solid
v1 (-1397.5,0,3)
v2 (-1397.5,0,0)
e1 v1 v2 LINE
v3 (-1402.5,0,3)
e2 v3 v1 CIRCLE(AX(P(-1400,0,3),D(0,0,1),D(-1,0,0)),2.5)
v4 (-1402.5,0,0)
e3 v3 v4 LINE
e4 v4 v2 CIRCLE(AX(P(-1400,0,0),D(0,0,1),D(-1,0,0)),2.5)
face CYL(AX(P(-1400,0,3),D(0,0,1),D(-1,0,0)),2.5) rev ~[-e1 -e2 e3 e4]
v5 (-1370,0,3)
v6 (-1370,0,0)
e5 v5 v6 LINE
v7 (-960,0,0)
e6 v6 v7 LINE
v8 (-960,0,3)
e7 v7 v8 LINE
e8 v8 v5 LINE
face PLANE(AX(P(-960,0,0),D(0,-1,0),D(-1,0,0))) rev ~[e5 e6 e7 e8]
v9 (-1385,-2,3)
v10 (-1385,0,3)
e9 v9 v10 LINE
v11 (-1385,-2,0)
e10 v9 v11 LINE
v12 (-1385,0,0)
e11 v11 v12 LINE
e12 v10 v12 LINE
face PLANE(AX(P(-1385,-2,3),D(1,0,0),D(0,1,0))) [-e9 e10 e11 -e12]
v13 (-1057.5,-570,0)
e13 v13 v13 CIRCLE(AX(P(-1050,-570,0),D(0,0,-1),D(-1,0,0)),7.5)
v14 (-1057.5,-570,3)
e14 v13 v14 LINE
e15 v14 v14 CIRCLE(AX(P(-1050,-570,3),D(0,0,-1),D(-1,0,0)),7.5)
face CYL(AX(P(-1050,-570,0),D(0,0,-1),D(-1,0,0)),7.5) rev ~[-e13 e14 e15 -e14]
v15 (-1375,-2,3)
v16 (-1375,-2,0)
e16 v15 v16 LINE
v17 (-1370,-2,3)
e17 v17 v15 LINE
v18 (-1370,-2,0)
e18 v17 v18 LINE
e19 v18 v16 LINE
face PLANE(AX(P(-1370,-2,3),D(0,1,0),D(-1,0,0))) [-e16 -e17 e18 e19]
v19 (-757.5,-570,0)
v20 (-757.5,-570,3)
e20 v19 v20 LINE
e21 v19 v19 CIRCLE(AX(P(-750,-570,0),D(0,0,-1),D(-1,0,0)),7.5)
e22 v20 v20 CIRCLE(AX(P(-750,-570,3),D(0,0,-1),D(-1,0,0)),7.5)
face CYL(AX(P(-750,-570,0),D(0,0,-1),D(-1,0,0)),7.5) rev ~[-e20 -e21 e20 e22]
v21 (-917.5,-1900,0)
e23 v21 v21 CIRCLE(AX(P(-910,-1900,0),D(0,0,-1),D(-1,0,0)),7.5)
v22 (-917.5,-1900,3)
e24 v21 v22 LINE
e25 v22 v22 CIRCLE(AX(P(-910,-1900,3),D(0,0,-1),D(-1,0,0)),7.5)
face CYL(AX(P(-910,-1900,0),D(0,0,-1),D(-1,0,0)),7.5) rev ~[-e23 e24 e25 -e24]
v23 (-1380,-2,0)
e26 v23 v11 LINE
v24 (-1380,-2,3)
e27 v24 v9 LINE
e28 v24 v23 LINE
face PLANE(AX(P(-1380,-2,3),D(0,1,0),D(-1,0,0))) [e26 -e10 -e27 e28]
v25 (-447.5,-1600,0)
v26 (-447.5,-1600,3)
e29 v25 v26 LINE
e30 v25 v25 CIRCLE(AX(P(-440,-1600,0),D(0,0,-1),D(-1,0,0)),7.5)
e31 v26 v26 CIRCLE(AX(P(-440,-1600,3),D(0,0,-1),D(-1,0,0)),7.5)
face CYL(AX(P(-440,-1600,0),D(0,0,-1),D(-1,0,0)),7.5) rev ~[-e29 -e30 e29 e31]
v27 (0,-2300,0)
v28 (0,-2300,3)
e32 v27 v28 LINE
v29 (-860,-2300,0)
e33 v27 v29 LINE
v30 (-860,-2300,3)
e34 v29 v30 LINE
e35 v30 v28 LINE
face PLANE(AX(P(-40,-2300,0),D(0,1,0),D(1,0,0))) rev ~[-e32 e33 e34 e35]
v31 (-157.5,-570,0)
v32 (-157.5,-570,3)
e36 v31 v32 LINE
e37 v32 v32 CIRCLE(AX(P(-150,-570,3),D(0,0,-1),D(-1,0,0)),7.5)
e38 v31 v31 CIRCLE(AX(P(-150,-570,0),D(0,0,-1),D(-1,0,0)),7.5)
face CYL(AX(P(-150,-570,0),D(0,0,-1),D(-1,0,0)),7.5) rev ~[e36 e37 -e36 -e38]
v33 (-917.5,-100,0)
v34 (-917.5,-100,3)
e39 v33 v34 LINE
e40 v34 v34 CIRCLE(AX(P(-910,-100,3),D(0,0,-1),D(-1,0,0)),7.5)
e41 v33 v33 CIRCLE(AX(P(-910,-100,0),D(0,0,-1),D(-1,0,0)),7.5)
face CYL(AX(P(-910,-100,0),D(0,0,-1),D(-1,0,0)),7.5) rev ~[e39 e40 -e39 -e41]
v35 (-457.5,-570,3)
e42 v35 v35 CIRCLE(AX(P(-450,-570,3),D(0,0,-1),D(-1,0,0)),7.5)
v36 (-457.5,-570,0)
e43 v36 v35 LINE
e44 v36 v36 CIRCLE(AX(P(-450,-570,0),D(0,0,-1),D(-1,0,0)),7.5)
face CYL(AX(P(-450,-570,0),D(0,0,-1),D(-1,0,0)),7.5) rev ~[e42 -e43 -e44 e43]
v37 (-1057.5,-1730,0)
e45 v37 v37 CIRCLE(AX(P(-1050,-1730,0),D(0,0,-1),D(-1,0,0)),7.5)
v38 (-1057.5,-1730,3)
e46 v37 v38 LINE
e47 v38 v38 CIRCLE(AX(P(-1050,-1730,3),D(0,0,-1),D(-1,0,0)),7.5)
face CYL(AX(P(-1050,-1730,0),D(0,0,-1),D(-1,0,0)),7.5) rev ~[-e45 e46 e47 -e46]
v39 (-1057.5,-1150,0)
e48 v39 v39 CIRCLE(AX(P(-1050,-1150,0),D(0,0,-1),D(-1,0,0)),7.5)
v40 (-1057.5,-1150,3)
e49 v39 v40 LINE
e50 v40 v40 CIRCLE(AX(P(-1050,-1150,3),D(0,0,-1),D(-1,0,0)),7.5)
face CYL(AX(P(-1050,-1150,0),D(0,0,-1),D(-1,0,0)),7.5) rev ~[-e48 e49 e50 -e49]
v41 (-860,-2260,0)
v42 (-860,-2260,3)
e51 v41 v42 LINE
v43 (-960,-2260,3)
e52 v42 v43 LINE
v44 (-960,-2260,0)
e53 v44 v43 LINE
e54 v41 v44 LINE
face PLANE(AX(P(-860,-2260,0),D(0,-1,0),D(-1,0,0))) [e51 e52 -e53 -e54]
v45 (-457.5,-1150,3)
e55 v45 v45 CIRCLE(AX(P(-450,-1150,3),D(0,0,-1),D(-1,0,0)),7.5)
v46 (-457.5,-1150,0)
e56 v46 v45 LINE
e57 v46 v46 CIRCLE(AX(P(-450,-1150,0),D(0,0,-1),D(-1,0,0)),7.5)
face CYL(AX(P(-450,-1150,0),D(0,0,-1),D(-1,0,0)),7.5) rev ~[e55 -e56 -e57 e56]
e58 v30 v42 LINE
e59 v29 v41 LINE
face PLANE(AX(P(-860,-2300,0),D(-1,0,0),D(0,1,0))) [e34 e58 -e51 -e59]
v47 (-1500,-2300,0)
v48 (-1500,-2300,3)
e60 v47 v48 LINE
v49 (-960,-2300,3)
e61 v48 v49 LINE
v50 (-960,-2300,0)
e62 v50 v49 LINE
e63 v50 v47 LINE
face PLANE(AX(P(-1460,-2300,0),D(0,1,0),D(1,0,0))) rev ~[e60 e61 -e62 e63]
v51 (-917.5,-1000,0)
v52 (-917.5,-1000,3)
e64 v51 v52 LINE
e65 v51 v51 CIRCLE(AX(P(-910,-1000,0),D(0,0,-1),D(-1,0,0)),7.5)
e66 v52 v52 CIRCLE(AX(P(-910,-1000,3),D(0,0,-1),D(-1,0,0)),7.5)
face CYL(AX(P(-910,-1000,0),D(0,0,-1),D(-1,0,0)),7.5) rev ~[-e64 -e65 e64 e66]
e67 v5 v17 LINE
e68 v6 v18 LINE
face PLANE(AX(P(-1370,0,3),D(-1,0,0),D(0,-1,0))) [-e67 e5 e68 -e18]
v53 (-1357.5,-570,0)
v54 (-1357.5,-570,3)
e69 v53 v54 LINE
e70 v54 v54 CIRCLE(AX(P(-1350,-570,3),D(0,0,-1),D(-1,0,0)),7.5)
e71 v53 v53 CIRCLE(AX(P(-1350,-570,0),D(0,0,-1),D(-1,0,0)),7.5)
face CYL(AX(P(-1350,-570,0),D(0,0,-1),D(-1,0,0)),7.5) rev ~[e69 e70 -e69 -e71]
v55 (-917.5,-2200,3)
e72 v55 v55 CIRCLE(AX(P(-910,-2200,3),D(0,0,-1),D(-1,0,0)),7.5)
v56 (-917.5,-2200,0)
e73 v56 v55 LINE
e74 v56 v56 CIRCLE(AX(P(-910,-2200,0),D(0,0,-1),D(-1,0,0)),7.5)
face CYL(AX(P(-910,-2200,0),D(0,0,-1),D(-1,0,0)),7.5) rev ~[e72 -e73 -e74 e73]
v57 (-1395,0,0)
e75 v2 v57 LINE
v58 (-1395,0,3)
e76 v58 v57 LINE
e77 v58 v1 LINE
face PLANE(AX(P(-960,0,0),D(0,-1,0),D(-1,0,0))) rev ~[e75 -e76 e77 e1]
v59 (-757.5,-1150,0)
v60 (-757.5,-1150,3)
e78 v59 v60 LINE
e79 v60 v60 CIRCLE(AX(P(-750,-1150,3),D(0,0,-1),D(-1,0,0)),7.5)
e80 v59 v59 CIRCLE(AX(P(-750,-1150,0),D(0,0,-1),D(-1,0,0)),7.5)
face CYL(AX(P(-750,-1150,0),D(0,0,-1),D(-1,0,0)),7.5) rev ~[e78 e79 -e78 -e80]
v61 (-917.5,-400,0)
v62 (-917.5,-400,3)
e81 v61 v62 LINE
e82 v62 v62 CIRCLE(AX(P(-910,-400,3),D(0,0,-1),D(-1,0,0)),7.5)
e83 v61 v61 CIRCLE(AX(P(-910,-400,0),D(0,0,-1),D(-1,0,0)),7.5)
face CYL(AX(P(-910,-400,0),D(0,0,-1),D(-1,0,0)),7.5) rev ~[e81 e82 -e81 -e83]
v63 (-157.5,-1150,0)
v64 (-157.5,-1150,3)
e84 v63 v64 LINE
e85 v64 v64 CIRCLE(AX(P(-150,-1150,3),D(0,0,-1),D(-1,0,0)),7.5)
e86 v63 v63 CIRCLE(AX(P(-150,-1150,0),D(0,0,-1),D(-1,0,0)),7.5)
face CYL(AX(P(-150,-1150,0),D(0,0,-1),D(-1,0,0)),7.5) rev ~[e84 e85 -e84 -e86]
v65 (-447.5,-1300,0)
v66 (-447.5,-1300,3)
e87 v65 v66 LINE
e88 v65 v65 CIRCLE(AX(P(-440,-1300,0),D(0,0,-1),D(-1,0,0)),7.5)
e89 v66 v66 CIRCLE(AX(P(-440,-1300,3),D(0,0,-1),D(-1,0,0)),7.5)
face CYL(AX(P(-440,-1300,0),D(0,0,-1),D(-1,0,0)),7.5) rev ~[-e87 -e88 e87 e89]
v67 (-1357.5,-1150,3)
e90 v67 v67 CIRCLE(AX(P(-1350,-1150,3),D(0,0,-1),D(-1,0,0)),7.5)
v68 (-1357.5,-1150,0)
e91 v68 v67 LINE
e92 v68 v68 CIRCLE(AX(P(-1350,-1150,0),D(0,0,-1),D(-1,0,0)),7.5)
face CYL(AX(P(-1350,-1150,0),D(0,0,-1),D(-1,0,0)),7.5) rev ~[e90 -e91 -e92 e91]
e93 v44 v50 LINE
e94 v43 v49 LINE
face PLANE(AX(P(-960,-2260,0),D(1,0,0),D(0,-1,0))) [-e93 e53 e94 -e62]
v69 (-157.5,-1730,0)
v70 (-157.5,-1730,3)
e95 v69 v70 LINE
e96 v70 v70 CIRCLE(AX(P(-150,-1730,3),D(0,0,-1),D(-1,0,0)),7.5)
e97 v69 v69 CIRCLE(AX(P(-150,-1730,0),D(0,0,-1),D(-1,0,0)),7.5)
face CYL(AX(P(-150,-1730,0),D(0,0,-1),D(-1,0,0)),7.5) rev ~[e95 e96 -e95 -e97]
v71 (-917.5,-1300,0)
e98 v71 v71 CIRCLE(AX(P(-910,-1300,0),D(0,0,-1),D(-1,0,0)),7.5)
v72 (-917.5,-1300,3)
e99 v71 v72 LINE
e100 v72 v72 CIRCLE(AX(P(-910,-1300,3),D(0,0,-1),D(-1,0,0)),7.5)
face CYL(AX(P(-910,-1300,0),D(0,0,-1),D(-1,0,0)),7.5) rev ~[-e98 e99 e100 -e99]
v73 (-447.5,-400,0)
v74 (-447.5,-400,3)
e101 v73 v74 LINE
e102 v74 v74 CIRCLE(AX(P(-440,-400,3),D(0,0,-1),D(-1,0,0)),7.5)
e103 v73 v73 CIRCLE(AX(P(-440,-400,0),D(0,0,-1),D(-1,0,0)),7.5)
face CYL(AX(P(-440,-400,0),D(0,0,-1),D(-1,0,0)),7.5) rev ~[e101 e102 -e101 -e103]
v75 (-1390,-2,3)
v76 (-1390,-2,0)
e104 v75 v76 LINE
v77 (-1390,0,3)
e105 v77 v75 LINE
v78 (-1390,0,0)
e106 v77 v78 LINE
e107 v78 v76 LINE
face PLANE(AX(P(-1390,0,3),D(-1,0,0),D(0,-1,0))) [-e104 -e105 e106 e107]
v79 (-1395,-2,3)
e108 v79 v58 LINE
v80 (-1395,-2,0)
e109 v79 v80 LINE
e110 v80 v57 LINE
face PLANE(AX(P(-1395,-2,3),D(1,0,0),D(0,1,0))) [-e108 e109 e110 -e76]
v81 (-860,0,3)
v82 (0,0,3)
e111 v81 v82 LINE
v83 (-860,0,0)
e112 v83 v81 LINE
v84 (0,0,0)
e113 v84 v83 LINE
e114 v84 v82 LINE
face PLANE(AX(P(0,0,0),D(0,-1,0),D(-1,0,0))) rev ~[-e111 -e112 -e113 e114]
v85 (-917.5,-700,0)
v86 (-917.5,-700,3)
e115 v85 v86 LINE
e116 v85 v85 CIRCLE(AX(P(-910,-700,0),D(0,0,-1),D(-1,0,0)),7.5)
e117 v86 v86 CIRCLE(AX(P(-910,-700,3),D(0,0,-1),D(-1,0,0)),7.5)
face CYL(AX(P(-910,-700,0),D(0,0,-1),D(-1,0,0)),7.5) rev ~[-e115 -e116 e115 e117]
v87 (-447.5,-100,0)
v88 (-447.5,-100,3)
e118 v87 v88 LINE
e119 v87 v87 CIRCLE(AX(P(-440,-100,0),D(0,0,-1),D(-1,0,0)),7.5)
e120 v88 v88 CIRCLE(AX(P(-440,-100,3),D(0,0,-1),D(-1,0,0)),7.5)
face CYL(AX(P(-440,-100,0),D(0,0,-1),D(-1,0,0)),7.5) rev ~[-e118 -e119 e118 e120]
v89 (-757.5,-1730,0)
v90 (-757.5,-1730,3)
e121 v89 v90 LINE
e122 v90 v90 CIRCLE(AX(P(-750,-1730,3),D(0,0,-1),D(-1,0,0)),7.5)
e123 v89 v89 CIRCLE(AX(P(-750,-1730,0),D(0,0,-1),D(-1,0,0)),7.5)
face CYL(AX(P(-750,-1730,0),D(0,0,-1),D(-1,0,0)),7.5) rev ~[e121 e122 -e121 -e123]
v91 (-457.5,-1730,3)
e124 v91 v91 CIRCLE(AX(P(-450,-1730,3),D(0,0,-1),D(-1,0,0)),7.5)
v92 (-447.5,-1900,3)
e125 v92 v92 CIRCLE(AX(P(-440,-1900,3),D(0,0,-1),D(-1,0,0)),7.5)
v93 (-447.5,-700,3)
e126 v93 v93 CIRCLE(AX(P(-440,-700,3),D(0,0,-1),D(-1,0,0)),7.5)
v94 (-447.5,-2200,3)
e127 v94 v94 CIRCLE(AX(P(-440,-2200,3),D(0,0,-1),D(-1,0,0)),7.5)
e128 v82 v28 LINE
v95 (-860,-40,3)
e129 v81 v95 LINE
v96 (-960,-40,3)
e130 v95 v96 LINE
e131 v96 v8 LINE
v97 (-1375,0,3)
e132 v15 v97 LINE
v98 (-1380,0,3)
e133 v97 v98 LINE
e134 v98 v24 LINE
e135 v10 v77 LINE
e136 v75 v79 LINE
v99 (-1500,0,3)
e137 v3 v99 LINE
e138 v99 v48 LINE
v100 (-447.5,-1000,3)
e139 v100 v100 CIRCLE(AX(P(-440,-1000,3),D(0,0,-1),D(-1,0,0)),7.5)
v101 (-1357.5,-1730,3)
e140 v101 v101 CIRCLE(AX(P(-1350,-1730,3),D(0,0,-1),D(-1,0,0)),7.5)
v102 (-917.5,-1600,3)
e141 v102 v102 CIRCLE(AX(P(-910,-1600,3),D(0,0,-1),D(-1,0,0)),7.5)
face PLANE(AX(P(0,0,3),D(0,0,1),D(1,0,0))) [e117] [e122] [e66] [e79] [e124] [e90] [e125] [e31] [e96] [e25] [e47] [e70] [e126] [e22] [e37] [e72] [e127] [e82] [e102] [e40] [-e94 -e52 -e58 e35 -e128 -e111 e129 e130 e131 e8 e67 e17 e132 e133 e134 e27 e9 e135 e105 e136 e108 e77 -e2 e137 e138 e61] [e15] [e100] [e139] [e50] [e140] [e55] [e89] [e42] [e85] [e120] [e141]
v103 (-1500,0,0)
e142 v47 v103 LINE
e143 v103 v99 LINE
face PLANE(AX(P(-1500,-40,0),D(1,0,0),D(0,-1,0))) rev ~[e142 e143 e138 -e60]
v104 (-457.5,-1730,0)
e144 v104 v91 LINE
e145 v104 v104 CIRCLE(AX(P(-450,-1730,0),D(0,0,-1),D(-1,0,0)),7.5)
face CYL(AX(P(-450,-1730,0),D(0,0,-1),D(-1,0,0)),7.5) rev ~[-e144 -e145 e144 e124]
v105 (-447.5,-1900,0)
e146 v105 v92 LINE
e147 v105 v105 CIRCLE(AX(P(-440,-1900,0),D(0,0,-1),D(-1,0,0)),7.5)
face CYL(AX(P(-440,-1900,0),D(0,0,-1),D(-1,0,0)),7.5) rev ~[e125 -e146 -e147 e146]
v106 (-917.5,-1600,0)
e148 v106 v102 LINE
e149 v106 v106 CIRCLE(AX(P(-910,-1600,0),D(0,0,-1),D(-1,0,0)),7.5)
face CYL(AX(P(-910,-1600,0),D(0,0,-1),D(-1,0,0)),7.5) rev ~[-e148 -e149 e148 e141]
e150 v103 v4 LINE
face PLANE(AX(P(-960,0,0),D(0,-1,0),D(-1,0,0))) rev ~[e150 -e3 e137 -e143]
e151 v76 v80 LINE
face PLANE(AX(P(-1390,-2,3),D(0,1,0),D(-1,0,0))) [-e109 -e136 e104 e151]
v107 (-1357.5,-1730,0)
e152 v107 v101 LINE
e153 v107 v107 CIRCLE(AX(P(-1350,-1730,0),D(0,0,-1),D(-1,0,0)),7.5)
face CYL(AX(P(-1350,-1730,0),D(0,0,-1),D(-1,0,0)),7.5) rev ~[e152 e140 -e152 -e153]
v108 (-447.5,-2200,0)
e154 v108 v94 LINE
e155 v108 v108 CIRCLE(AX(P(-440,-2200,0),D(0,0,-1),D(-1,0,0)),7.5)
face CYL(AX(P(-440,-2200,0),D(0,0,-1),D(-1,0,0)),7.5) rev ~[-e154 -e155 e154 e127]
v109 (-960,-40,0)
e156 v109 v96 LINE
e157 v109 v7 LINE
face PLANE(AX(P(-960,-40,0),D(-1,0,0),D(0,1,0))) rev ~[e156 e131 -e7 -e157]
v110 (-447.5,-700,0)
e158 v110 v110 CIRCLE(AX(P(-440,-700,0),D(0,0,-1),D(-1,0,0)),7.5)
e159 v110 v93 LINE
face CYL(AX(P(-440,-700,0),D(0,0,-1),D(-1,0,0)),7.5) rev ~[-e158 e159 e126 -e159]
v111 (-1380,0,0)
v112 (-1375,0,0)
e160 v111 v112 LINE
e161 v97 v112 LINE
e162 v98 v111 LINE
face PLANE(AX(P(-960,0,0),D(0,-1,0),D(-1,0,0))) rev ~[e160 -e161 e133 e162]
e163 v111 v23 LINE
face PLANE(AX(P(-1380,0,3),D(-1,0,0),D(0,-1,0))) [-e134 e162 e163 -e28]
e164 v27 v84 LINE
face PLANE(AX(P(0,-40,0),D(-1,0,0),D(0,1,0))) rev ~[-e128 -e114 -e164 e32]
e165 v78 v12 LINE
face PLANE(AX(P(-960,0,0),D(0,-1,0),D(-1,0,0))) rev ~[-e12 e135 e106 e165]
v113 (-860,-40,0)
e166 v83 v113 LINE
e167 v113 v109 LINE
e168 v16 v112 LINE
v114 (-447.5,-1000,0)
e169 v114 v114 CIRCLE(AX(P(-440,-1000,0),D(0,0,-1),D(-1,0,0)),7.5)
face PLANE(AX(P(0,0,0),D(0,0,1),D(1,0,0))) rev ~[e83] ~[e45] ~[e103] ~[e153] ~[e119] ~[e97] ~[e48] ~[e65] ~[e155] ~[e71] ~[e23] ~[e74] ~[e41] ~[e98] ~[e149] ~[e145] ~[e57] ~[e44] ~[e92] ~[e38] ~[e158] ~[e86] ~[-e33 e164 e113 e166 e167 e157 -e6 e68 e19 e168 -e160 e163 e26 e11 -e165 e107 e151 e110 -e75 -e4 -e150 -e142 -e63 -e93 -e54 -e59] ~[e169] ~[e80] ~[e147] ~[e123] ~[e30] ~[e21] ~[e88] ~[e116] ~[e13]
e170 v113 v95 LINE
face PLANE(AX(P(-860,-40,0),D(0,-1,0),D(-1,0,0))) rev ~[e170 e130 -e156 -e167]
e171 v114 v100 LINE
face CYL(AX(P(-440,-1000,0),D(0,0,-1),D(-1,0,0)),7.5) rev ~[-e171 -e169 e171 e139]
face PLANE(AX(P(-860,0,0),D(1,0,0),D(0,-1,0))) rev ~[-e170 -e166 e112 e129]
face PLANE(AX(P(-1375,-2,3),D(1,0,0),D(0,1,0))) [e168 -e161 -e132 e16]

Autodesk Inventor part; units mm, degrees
ref_plane "YZ Plane" through (0, 0, 0) normal (1, 0, 0) x (0, 1, 0)
ref_plane "XZ Plane" through (0, 0, 0) normal (0, 1, 0) x (-1, 0, 0)
ref_plane "XY Plane" through (0, 0, 0) normal (0, 0, 1) x (1, 0, 0)
sketch "Sketch1" plane through (0, 0, 0) normal (0, 0, 1) x (1, 0, 0)
  line L0 (0, 0) -> (-1500, 0)
  line L1 (-1500, 0) -> (-1500, -2300)
  line L2 (-1500, -2300) -> (0, -2300)
  line L3 (0, -2300) -> (0, 0)
  line L4 (0, 0) -> (-40, 0)
  line L5 (-40, 0) -> (-40, -40)
  line L6 (-40, -40) -> (0, -40)
  line L7 (0, -40) -> (0, 0)
  line L8 (0, -2300) -> (-40, -2300)
  line L9 (-40, -2300) -> (-40, -2260)
  line L10 (-40, -2260) -> (0, -2260)
  line L11 (0, -2260) -> (0, -2300)
  line L12 (-1500, 0) -> (-1460, 0)
  line L13 (-1460, 0) -> (-1460, -40)
  line L14 (-1460, -40) -> (-1500, -40)
  line L15 (-1500, -40) -> (-1500, 0)
  line L16 (-1500, -2300) -> (-1460, -2300)
  line L17 (-1460, -2300) -> (-1460, -2260)
  line L18 (-1460, -2260) -> (-1500, -2260)
  line L19 (-1500, -2260) -> (-1500, -2300)
  line L20 (-960, -2300) -> (-860, -2300)
  line L21 (-860, -2300) -> (-860, -2260)
  line L22 (-860, -2260) -> (-960, -2260)
  line L23 (-960, -2260) -> (-960, -2300)
  line L24 (-960, 0) -> (-860, 0)
  line L25 (-860, 0) -> (-860, -40)
  line L26 (-860, -40) -> (-960, -40)
  line L27 (-960, -40) -> (-960, 0)
  point P0 (0, -40)
  point P1 (-40, 0)
  point P2 (0, -2260)
  point P3 (-860, 0)
  dimension "d22" = 1500
  dimension "d23" = 2300
  dimension "d24" = 40
  dimension "d25" = 40
  dimension "d28" = 100
  dimension "d29" = 820
extrude "Plate1" add sketch "Sketch1" along normal blind 3 contours L3 L6 L5 L0 | L5 L6 L3 L10 L9 L2 L21 L22 L23 L17 L18 L1 L14 L13 L0 L27 L26 L25 | L3 L2 L9 L10 | L13 L14 L1 L0 | L18 L17 L2 L1
sketch "Sketch6" plane through (0, 0, 3) normal (0, 0, 1) x (1, 0, 0)
  line L0 (-1395, 0) -> (-1390, 0)
  line L1 (-1375, -2) -> (-1375, 0)
  line L2 (-1375, 0) -> (-1370, 0)
  line L3 (-1370, 0) -> (-1370, -2)
  line L4 (-1370, 0) -> (-1365, 0) construction
  line L5 (-1365, 0) -> (-1363.3887, -1.629)
  arc A0 (-1363.3887, -1.629) -> (-1361.6113, -1.629) centre (-1362.5, -0.75) ccw
  line L6 (-1365, 0) -> (-1360, 0)
  line L7 (-1360, 0) -> (-1355, 0) construction
  line L8 (-1355, -2) -> (-1355, 0)
  line L9 (-1350, -2) -> (-1355, -2)
  line L10 (-1350, 0) -> (-1350, -2)
  line L11 (-1355, 0) -> (-1350, 0)
  line L12 (-1350, -1) -> (-1345, -1) construction
  line L13 (-1361.6113, -1.629) -> (-1360, 0)
  line L14 (-1390, 0) -> (-1390, -2)
  line L15 (-1390, -2) -> (-1395, -2)
  line L16 (-1395, -2) -> (-1395, 0)
  line L17 (-1370, -2) -> (-1375, -2)
  line L18 (-1380, 0) -> (-1380, -2)
  line L19 (-1380, -2) -> (-1385, -2)
  line L20 (-1385, -2) -> (-1385, 0)
  line L21 (-1385, 0) -> (-1380, 0)
  line L22 (-1380, -1) -> (-1375, -1) construction
  line L23 (-1390, -1) -> (-1385, -1) construction
  line L24 (-1345, -2) -> (-1345, 0)
  line L25 (-1340, 0) -> (-1340, -2)
  line L26 (-1340, -2) -> (-1345, -2)
  line L27 (-1345, 0) -> (-1340, 0)
  line L28 (-1340, -1) -> (-1335, -1) construction
  line L29 (-1335, -2) -> (-1335, 0)
  line L30 (-1335, 0) -> (-1330, 0)
  line L31 (-1330, -2) -> (-1335, -2)
  arc A1 (-1402.5, 0) -> (-1397.5, 0) centre (-1400, 0) ccw
  line L32 (-1330, 0) -> (-1330, -2)
  line L33 (-1500, 0) -> (-960, 0) projected
  line L34 (-1500, -2300) -> (-1500, 0) projected
  point P0 (0, 0)
  point P1 (-1362.5, 0)
  dimension "d38" = 5
  dimension "d39" = 2
  dimension "d40" = 1.25
  dimension "d41" = 5
  dimension "d42" = 5
  dimension "d43" = 2
  dimension "d44" = 5
  dimension "d45" = 5
  dimension "d46" = 100
extrude "Cut1" cut sketch "Sketch6" against normal blind 3 contours L2 L3 L17 L1 | L21 L18 L19 L20 | L0 L14 L15 L16 | A1 L33
sketch "Sketch7" plane through (0, 0, 0) normal (0, 0, -1) x (-1, 0, 0)
  line L0 (1375, 0) -> (1375, -2) construction
  line L1 (1375, -2) -> (1370, -2) construction
  line L2 (1370, -2) -> (1370, 0) construction
  line L3 (960, 0) -> (1370, 0) construction
  line L4 (960, -40) -> (960, 0) construction
  line L5 (860, -40) -> (960, -40) construction
  line L6 (860, 0) -> (860, -40) construction
  line L7 (0, 0) -> (860, 0) construction
  line L8 (0, -2300) -> (0, 0) construction
  line L9 (860, -2300) -> (0, -2300) construction
  line L10 (860, -2260) -> (860, -2300) construction
  line L11 (960, -2260) -> (860, -2260) construction
  line L12 (960, -2300) -> (960, -2260) construction
  line L13 (1500, -2300) -> (960, -2300) construction
  line L14 (1500, 0) -> (1500, -2300) construction
  line L15 (1402.5, 0) -> (1500, 0) construction
  arc A0 (1397.5, 0) -> (1402.5, 0) centre (1400, 0) ccw construction
  line L16 (1395, 0) -> (1397.5, 0) construction
  line L17 (1395, 0) -> (1395, -2) construction
  line L18 (1395, -2) -> (1390, -2) construction
  line L19 (1390, -2) -> (1390, 0) construction
  line L20 (1385, 0) -> (1390, 0) construction
  line L21 (1385, 0) -> (1385, -2) construction
  line L22 (1385, -2) -> (1380, -2) construction
  line L23 (1380, -2) -> (1380, 0) construction
  line L24 (1375, 0) -> (1380, 0) construction
  line L25 (440, 0) -> (440, -2300) construction
  line L26 (910, -2260) -> (910, -40) construction
  line L27 (1500, -570) -> (0, -570) construction
  line L28 (1500, -1150) -> (0, -1150) construction
  line L29 (1500, -1730) -> (0, -1730) construction
  circle A1 centre (440, -2200) radius 7.5
  circle A2 centre (910, -2200) radius 7.5
  circle A3 centre (1350, -570) radius 7.5
  circle A4 centre (1350, -1150) radius 7.5
  circle A5 centre (1350, -1730) radius 7.5
  circle A6 centre (910, -1900) radius 7.5
  circle A7 centre (440, -1900) radius 7.5
  circle A8 centre (910, -1600) radius 7.5
  circle A9 centre (440, -1600) radius 7.5
  circle A10 centre (910, -1300) radius 7.5
  circle A11 centre (440, -1300) radius 7.5
  circle A12 centre (910, -1000) radius 7.5
  circle A13 centre (440, -1000) radius 7.5
  circle A14 centre (910, -700) radius 7.5
  circle A15 centre (440, -700) radius 7.5
  circle A16 centre (910, -400) radius 7.5
  circle A17 centre (440, -400) radius 7.5
  circle A18 centre (910, -100) radius 7.5
  circle A19 centre (440, -100) radius 7.5
  circle A20 centre (910, 200) radius 7.5
  circle A21 centre (440, 200) radius 7.5
  circle A22 centre (910, 500) radius 7.5
  circle A23 centre (440, 500) radius 7.5
  circle A24 centre (910, 800) radius 7.5
  circle A25 centre (440, 800) radius 7.5
  circle A26 centre (1050, -1730) radius 7.5
  circle A27 centre (1050, -570) radius 7.5
  circle A28 centre (1050, -1150) radius 7.5
  circle A29 centre (750, -1730) radius 7.5
  circle A30 centre (750, -570) radius 7.5
  circle A31 centre (750, -1150) radius 7.5
  circle A32 centre (450, -1730) radius 7.5
  circle A33 centre (450, -570) radius 7.5
  circle A34 centre (450, -1150) radius 7.5
  circle A35 centre (150, -1730) radius 7.5
  circle A36 centre (150, -570) radius 7.5
  circle A37 centre (150, -1150) radius 7.5
  circle A38 centre (-150, -1730) radius 7.5
  circle A39 centre (-150, -570) radius 7.5
  circle A40 centre (-150, -1150) radius 7.5
  circle A41 centre (-450, -1730) radius 7.5
  circle A42 centre (-450, -570) radius 7.5
  circle A43 centre (-450, -1150) radius 7.5
  dimension "d49" = 440
  dimension "d50" = 910
  dimension "d51" = 570
  dimension "d52" = 1150
  dimension "d53" = 1730
  dimension "d54" = 15
  dimension "d55" = 100
  dimension "d56" = 150
  dimension "d59" = 300
  dimension "d66" = 300
extrude "Cut2" cut sketch "Sketch7" against normal blind 3
equation "\"d24\" = d25"
equation "\"d40\" = 0.25 * d38"
equation "\"d47\" = Thickness"
equation "\"d71\" = Thickness"
equation "\"d2\" = Thickness"
equation "\"BendReliefWidth\" = Thickness"
equation "\"BendReliefDepth\" = 0.5 * Thickness"
equation "\"CornerReliefSize\" = 4 * Thickness"
equation "\"MinimumRemnant\" = 2 * Thickness"
equation "\"TransitionRadius\" = BendRadius"
equation "\"JacobiRadiusSize\" = BendRadius"
equation "\"GapSize\" = Thickness"
equation "\"Thickness\" = 3"
equation "\"BendRadius\" = 5"
properties part number "GnG L.3 floor sheet" material "Stainless Steel"
